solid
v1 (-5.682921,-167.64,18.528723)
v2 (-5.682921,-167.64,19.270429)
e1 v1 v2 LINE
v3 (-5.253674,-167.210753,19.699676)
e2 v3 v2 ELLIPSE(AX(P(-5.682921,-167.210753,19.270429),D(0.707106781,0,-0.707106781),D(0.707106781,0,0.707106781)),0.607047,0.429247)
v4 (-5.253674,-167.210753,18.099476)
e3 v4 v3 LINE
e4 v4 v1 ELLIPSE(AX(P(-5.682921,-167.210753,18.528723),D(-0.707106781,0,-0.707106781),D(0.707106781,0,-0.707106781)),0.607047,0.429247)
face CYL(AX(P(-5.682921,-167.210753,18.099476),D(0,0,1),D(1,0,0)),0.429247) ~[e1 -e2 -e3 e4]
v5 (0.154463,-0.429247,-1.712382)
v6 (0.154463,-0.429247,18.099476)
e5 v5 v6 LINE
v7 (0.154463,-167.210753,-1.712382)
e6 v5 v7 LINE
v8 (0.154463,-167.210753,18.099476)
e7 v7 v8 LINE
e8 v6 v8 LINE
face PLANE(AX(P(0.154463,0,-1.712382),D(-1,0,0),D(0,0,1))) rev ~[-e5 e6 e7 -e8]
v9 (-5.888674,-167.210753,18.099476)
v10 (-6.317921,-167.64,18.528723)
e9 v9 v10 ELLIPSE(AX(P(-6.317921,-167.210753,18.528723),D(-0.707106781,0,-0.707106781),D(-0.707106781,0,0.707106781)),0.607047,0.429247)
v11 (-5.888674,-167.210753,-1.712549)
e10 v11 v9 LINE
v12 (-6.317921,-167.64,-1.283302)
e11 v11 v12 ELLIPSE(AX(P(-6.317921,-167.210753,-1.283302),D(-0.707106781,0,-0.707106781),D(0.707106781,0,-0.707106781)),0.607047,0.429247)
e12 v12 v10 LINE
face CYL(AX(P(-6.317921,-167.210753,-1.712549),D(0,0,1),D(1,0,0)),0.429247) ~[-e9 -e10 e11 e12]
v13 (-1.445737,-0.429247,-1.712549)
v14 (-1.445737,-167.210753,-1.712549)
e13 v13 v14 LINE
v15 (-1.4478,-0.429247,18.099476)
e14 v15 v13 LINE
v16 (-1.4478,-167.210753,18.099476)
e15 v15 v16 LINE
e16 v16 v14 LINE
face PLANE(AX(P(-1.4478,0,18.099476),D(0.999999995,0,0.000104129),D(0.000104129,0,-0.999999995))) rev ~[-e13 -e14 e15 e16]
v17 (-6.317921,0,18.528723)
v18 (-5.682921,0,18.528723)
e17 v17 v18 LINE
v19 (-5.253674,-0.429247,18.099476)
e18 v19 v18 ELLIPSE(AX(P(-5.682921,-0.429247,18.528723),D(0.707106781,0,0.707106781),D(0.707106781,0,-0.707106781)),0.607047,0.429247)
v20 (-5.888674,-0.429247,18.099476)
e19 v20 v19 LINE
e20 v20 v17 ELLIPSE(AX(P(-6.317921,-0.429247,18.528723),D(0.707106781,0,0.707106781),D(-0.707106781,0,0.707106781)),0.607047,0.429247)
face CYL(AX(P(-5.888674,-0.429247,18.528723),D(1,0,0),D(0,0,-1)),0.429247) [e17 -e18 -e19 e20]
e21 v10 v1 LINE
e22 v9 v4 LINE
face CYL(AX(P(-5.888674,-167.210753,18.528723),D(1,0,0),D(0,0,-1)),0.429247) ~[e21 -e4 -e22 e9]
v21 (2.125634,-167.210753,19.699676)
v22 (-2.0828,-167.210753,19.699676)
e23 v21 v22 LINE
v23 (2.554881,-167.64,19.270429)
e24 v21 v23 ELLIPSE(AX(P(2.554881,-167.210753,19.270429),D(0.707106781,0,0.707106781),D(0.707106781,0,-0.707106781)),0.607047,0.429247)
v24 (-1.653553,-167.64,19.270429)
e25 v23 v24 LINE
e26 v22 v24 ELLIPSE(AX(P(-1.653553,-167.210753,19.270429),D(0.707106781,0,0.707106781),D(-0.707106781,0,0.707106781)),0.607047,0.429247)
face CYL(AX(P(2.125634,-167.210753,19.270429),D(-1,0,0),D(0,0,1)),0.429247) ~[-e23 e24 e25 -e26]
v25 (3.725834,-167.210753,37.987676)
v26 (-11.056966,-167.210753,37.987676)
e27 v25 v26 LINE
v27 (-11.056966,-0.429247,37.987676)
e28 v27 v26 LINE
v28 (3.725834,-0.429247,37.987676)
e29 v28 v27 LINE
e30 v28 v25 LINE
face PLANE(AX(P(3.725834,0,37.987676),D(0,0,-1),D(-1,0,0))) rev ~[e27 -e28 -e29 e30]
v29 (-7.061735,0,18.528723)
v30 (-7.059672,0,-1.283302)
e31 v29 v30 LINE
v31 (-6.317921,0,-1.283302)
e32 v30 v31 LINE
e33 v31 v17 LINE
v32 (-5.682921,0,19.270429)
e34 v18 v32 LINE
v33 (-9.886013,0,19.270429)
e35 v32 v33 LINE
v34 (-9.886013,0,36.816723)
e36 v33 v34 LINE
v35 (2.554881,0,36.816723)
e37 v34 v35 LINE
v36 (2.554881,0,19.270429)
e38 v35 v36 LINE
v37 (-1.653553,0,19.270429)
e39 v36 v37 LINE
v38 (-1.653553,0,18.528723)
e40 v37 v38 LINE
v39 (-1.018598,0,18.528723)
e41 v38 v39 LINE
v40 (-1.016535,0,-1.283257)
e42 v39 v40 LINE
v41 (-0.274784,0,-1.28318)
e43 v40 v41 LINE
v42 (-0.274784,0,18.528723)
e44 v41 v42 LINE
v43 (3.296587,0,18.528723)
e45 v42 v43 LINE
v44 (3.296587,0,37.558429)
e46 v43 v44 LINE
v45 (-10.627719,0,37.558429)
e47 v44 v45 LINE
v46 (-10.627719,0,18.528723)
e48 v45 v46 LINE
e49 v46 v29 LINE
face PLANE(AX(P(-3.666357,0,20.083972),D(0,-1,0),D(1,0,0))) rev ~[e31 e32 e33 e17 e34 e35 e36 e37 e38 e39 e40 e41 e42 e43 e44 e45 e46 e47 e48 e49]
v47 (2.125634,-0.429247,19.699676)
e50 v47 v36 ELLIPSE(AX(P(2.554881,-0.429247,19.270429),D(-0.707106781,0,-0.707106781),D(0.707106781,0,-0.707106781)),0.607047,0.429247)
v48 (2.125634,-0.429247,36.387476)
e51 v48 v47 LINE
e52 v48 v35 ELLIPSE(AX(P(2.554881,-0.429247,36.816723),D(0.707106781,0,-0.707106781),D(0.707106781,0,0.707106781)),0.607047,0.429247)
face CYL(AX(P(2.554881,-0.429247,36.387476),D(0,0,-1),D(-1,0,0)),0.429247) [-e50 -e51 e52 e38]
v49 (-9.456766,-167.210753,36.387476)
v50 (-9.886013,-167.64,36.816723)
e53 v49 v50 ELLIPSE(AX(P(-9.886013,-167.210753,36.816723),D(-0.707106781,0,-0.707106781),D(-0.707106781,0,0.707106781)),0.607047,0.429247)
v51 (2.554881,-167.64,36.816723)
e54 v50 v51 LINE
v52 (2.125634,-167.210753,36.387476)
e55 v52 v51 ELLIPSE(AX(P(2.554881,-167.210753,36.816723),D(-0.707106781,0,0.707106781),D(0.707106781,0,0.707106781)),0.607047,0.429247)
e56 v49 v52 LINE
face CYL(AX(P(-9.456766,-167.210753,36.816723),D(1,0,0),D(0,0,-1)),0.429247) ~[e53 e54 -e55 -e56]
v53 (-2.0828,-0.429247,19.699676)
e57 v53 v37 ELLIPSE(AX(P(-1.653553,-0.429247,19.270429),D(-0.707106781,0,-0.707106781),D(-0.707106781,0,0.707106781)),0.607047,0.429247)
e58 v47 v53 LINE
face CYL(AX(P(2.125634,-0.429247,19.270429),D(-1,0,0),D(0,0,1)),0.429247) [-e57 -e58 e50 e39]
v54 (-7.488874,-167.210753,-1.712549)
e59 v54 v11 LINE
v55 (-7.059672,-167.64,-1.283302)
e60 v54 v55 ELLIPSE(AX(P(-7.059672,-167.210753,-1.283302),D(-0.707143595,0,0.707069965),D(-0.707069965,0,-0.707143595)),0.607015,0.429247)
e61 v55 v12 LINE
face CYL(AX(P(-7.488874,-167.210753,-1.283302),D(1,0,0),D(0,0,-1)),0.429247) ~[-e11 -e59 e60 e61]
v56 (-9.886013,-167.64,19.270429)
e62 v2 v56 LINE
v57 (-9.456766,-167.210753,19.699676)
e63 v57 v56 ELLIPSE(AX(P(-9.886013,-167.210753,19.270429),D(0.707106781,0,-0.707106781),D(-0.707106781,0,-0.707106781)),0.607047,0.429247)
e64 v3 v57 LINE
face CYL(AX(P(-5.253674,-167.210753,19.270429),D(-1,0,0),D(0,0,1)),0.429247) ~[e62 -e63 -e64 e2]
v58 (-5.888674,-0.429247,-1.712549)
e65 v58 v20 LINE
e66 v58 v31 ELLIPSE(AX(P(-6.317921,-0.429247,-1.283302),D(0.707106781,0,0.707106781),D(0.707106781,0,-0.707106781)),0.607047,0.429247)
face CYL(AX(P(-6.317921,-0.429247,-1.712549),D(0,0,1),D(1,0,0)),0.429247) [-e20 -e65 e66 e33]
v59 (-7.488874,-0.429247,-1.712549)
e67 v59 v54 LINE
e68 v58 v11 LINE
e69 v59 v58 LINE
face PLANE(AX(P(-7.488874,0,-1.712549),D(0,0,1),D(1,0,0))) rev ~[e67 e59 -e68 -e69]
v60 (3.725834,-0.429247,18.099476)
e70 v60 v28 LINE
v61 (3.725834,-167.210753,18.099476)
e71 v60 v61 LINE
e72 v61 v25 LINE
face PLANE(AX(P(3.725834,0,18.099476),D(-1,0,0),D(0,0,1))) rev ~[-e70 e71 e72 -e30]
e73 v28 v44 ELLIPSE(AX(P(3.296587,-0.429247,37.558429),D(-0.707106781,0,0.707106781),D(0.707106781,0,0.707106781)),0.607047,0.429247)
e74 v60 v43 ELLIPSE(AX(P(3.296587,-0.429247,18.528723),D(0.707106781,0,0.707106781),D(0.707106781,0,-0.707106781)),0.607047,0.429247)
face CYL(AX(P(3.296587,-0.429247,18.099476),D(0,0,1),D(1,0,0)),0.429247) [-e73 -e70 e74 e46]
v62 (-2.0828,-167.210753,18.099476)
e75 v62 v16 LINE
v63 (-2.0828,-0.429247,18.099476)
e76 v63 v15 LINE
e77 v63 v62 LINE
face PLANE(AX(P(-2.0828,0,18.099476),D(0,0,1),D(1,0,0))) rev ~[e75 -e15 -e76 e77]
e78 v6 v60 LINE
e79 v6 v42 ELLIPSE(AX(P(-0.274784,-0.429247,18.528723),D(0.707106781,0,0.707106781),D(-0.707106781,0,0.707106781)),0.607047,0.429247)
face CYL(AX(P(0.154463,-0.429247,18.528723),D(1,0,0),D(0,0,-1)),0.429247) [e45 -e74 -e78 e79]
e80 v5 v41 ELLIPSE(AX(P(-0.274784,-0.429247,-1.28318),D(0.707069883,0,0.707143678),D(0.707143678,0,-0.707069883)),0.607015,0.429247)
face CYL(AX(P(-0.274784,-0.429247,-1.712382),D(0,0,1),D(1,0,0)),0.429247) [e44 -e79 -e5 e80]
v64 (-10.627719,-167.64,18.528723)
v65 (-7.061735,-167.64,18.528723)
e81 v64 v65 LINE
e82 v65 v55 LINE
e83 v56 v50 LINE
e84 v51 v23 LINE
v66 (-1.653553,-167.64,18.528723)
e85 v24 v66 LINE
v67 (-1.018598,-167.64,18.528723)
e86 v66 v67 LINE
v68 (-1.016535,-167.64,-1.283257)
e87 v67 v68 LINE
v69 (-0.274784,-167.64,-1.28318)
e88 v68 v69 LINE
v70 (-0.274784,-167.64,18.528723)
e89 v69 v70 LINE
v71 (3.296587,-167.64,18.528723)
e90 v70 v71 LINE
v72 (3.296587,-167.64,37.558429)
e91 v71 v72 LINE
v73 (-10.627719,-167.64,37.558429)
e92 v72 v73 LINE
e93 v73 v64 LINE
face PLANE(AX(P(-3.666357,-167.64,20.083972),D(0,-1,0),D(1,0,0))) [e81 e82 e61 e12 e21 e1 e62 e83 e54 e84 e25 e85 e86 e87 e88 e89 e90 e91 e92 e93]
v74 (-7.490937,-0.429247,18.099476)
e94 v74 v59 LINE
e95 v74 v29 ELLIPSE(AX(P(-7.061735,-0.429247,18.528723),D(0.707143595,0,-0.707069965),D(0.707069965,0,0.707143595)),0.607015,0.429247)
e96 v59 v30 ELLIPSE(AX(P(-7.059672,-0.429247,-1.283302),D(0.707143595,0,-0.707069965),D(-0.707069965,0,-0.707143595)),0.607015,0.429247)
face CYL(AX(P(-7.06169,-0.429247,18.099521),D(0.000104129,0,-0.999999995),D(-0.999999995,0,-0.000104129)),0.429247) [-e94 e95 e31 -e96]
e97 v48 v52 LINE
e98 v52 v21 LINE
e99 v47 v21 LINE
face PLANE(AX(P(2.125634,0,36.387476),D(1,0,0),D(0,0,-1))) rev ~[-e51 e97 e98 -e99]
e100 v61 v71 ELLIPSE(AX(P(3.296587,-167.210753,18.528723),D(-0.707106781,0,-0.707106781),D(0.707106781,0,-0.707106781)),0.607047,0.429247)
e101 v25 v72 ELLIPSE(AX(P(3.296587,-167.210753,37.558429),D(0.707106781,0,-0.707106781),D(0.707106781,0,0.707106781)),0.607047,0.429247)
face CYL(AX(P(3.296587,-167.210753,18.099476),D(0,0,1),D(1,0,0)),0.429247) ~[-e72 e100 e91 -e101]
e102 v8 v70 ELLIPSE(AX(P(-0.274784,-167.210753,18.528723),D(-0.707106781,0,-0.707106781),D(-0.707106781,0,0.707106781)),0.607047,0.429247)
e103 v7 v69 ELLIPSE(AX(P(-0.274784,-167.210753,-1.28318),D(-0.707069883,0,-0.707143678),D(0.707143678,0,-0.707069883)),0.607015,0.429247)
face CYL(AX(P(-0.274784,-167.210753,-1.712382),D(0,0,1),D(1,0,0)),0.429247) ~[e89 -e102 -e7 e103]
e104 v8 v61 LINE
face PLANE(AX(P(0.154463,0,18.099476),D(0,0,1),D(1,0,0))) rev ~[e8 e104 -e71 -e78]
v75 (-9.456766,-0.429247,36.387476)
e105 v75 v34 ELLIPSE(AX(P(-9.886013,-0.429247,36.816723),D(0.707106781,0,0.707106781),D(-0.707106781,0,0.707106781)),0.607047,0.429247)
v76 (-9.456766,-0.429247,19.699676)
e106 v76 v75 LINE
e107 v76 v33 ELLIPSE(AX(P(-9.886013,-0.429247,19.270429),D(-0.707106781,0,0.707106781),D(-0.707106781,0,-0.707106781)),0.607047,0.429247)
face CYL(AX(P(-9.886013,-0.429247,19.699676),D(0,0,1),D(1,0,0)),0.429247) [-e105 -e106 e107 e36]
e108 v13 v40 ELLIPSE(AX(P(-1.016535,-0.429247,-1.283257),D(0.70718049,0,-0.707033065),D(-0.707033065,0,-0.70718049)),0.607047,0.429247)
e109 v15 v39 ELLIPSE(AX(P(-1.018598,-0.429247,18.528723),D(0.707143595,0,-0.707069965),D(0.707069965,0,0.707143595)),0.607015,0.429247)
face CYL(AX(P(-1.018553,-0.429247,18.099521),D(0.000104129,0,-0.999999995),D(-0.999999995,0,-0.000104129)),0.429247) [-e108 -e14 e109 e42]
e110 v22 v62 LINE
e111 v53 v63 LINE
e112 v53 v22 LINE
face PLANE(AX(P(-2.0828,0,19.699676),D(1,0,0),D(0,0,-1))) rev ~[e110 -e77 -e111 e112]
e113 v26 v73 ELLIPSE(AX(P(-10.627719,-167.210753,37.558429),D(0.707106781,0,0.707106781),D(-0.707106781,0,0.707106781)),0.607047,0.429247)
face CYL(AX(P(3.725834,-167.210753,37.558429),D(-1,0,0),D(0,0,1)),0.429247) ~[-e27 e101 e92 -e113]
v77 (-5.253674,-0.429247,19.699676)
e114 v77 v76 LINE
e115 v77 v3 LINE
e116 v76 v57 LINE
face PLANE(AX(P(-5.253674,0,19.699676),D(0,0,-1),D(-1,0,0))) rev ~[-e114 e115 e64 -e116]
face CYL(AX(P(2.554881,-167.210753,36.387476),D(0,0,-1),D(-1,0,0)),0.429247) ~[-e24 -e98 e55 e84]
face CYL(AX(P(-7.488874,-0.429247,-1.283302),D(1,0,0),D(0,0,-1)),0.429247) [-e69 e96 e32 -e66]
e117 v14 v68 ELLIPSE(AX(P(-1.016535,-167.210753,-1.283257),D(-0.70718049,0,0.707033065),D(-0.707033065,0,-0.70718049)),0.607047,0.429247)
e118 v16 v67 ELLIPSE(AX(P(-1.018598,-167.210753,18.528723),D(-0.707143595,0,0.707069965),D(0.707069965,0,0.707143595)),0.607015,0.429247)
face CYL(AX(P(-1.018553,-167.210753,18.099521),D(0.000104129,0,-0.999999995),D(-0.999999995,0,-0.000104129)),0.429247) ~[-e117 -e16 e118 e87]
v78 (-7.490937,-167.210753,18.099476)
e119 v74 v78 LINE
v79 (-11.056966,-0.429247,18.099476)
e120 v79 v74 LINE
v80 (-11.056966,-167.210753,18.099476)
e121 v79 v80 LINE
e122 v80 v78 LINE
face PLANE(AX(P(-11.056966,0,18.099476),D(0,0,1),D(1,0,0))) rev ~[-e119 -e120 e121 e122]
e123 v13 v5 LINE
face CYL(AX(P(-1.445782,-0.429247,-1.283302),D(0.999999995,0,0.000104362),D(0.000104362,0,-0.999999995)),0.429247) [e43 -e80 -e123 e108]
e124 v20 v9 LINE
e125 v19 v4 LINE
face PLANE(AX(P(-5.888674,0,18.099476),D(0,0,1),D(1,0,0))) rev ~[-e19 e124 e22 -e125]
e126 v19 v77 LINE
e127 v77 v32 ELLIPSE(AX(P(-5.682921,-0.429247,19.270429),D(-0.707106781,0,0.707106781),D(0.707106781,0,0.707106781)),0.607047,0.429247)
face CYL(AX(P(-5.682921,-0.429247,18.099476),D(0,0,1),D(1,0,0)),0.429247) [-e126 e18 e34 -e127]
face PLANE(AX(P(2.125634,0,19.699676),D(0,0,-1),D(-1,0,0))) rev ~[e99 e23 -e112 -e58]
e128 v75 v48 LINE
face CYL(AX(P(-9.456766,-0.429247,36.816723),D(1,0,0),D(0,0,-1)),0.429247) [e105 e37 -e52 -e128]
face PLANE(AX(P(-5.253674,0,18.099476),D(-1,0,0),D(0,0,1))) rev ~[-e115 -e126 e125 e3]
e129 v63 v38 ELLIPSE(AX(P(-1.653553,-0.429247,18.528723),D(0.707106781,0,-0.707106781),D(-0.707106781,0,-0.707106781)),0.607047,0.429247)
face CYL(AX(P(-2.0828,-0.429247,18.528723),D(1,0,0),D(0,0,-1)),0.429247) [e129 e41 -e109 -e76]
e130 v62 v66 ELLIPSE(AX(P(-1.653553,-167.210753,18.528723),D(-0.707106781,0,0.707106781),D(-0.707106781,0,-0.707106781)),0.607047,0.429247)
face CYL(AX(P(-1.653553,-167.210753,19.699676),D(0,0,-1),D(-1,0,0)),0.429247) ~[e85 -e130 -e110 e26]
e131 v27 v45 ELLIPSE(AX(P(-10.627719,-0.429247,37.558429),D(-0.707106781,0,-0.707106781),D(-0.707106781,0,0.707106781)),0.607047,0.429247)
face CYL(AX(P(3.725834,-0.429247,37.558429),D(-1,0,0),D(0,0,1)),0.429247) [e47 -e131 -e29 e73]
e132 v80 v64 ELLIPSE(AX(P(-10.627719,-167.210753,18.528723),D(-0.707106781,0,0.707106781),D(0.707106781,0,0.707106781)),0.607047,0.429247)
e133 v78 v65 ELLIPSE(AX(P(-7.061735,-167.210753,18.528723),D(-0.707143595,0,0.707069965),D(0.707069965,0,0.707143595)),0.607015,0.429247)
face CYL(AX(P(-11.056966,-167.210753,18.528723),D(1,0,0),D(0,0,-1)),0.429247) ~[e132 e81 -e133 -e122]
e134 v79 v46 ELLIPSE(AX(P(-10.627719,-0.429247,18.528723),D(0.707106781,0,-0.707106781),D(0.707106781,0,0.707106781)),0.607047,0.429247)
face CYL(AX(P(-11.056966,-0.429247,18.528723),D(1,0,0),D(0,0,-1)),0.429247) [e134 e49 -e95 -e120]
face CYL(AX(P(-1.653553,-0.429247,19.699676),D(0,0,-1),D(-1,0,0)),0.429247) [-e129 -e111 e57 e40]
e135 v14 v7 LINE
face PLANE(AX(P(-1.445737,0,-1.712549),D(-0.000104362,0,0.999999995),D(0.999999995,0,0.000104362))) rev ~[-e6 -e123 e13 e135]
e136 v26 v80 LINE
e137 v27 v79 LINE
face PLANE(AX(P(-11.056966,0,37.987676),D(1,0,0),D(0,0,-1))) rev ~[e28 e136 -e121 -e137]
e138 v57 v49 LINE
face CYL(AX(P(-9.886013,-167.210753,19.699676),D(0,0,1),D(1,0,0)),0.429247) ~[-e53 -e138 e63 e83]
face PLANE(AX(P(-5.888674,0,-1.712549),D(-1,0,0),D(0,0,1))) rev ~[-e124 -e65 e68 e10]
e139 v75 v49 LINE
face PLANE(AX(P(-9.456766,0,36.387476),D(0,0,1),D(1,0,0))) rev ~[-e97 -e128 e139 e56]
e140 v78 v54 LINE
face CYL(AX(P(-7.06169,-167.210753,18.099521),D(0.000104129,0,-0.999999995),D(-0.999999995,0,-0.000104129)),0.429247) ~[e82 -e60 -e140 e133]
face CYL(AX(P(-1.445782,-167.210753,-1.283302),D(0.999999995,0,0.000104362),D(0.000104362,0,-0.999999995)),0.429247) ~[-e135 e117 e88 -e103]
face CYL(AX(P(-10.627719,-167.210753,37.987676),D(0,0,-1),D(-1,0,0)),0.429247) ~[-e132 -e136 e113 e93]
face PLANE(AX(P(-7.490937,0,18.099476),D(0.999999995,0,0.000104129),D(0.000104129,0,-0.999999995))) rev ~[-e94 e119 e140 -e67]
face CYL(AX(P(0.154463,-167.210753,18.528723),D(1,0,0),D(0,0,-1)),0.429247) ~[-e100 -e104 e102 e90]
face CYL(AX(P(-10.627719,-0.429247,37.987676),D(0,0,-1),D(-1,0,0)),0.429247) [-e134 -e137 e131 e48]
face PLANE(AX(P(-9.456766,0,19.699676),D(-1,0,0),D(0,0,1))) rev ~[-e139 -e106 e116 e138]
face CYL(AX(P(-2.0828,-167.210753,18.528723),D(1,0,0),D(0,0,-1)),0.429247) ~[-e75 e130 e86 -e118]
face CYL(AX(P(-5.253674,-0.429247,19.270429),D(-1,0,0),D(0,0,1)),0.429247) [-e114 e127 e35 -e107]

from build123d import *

# Parameters (mm, degrees)
F1_DEPTH = 167.64
F2_R     = 0.429247


with BuildPart() as f1:
    # F0 (on Front) → F1 (new body)
    with BuildSketch(Plane.XZ):
        Polygon((-7.488874, -1.712549), (-5.888674, -1.712549), (-5.888674, 18.099476), (-5.253674, 18.099476), (-5.253674, 19.699676), (-9.456766, 19.699676), (-9.456766, 36.387476), (2.125634, 36.387476), (2.125634, 19.699676), (-2.0828, 19.699676), (-2.0828, 18.099476), (-1.4478, 18.099476), (-1.445737, -1.712549), (0.154463, -1.712382), (0.154463, 18.099476), (3.725834, 18.099476), (3.725834, 37.987676), (-11.056966, 37.987676), (-11.056966, 18.099476), (-7.490937, 18.099476), align=None)
    extrude(amount=F1_DEPTH)

    # F2
    f2_edges = [f1.edges().sort_by_distance(p)[0] for p in [
        (-9.273951, 0, 18.099476),
        (-7.489906, 0, 8.193463),
        (-6.688774, 0, -1.712549),
        (-5.888674, 0, 8.193463),
        (-5.571174, 0, 18.099476),
        (-5.253674, 0, 18.899576),
        (-7.35522, 0, 19.699676),
        (-9.456766, 0, 28.043576),
        (-3.665566, 0, 36.387476),
        (2.125634, 0, 28.043576),
        (0.021417, 0, 19.699676),
        (-2.0828, 0, 18.899576),
        (-1.7653, 0, 18.099476),
        (-1.446769, 0, 8.193463),
        (-0.645637, 0, -1.712466),
        (0.154463, 0, 8.193547),
        (1.940149, 0, 18.099476),
        (3.725834, 0, 28.043576),
        (-3.665566, 0, 37.987676),
        (-11.056966, 0, 28.043576),
        (-9.273951, -167.64, 18.099476),
        (-7.489906, -167.64, 8.193463),
        (-6.688774, -167.64, -1.712549),
        (-5.888674, -167.64, 8.193463),
        (-5.571174, -167.64, 18.099476),
        (-5.253674, -167.64, 18.899576),
        (-7.35522, -167.64, 19.699676),
        (-9.456766, -167.64, 28.043576),
        (-3.665566, -167.64, 36.387476),
        (2.125634, -167.64, 28.043576),
        (0.021417, -167.64, 19.699676),
        (-2.0828, -167.64, 18.899576),
        (-1.7653, -167.64, 18.099476),
        (-1.446769, -167.64, 8.193463),
        (-0.645637, -167.64, -1.712466),
        (0.154463, -167.64, 8.193547),
        (1.940149, -167.64, 18.099476),
        (3.725834, -167.64, 28.043576),
        (-3.665566, -167.64, 37.987676),
        (-11.056966, -167.64, 28.043576),
    ]]
    fillet(f2_edges, radius=F2_R)


solid = f1.part
